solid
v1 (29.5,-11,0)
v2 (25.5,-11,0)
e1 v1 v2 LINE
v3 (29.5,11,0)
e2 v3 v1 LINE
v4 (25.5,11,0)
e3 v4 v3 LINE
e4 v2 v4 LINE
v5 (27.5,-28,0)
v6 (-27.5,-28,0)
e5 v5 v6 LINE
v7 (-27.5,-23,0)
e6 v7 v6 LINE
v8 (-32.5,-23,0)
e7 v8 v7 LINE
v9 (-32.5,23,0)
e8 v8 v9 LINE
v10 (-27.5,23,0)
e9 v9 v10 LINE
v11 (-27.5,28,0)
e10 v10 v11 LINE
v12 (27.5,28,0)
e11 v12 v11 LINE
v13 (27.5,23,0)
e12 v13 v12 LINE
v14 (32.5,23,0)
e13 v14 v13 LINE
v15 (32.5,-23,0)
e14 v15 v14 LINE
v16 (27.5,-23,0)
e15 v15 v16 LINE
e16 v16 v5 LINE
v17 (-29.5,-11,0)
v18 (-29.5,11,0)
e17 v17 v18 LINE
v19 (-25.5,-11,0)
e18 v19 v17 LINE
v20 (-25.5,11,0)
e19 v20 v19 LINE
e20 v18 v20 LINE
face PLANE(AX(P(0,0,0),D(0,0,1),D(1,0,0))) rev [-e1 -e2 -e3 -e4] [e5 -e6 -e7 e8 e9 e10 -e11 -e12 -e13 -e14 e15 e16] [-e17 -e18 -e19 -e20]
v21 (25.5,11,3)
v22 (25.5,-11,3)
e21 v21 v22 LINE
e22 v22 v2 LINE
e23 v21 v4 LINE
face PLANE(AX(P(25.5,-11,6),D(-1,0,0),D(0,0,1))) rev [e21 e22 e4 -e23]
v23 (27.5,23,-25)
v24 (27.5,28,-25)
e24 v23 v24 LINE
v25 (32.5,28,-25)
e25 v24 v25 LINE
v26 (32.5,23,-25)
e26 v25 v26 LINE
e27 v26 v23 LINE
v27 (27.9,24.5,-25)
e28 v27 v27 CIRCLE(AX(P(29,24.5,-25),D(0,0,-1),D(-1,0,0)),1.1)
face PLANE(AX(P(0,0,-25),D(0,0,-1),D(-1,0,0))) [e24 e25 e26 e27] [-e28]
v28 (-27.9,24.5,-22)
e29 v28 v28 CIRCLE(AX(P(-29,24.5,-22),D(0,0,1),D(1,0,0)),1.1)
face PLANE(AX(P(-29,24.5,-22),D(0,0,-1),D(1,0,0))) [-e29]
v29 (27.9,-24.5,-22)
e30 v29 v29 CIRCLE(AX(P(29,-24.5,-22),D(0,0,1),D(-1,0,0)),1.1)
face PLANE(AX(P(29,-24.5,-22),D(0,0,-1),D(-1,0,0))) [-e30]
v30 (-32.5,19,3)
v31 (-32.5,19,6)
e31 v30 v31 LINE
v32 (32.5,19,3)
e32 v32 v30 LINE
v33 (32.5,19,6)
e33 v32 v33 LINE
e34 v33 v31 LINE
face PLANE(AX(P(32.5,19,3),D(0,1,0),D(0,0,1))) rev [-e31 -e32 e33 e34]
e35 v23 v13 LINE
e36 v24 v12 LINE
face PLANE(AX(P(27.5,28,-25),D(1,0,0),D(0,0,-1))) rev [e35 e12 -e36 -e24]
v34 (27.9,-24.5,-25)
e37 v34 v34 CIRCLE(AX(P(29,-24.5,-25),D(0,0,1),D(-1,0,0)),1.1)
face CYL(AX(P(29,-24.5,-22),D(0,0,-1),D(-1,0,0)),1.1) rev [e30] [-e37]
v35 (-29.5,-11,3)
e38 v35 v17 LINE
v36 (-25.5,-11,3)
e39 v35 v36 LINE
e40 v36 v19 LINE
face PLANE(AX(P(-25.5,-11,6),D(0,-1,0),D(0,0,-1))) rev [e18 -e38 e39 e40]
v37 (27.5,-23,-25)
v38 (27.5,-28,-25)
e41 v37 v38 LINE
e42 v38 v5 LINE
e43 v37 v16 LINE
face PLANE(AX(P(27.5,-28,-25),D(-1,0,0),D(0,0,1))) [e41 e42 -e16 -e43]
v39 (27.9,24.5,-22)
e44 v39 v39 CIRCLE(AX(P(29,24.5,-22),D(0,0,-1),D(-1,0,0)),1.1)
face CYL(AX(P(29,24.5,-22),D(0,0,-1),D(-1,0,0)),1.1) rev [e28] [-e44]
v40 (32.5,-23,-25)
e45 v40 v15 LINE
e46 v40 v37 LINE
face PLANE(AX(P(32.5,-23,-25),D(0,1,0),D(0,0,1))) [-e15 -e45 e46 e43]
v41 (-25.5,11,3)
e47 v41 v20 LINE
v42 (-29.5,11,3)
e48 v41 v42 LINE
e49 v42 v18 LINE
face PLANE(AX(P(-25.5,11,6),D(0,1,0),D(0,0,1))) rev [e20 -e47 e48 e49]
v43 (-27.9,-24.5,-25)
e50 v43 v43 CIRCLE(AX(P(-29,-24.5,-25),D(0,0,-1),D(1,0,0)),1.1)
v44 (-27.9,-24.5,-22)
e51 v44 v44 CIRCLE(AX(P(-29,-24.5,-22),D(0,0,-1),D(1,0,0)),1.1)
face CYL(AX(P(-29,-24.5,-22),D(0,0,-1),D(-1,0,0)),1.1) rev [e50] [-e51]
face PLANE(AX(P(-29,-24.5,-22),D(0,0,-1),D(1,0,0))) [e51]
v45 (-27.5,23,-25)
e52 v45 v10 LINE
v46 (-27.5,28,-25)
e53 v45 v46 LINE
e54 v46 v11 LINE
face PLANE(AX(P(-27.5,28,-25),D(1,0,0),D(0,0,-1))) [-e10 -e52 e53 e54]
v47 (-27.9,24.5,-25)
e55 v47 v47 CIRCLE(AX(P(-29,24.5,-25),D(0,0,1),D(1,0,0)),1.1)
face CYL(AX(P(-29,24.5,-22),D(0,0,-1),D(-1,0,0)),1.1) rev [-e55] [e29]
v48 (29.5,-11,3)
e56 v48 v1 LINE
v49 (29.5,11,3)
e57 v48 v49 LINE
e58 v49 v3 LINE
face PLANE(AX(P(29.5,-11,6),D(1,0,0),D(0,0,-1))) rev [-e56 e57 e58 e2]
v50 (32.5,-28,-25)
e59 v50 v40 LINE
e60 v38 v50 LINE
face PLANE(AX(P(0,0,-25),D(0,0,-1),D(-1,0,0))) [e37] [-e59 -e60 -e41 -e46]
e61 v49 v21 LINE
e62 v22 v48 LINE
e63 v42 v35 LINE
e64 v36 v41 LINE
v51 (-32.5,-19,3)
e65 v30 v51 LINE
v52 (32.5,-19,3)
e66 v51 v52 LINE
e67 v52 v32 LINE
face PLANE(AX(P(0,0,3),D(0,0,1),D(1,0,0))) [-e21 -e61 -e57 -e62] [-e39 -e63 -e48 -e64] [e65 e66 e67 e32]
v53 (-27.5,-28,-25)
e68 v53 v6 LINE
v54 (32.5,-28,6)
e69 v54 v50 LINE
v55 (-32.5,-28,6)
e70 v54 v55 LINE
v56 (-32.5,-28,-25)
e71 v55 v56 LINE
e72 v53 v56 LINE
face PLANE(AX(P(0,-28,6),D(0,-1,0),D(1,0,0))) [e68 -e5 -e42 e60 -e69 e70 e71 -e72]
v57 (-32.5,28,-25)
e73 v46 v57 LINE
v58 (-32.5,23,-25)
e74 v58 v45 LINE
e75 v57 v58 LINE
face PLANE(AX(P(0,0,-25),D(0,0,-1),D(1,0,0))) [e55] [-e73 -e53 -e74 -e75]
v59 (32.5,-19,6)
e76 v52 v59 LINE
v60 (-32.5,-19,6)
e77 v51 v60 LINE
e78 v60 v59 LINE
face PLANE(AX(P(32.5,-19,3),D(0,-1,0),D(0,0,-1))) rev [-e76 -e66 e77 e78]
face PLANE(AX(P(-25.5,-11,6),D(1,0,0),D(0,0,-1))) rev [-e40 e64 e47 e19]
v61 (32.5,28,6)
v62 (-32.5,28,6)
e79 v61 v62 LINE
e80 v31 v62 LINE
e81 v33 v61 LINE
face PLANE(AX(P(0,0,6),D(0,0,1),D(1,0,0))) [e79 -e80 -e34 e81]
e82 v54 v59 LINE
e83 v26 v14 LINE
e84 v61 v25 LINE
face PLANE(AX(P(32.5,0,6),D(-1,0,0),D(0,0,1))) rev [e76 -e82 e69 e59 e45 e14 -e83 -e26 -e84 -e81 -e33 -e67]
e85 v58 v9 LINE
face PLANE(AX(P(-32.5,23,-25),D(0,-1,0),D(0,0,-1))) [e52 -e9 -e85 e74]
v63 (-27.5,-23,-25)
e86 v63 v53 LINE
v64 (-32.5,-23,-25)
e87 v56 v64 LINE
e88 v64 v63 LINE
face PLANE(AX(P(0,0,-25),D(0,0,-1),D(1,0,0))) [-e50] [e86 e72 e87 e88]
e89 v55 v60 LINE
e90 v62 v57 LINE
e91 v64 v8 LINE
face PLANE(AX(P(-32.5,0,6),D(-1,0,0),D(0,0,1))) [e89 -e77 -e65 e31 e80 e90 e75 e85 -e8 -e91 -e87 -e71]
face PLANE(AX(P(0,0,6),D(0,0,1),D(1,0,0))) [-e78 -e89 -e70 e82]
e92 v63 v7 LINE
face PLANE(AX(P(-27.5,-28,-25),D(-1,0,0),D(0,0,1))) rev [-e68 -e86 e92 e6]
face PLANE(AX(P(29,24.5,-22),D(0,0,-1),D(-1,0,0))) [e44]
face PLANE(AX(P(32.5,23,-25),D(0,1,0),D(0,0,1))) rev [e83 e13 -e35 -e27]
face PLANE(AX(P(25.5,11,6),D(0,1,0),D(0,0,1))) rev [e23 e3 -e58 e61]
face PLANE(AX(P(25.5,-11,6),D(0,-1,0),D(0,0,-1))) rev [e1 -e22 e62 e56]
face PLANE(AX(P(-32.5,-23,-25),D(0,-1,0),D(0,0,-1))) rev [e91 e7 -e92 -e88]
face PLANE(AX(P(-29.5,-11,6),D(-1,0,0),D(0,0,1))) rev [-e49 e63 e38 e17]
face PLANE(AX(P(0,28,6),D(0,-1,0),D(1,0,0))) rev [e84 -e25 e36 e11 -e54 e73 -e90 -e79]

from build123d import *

# Parameters (mm, degrees)
ESQUISSE1_W                                = 65
ESQUISSE1_H                                = 56
BOSS_EXTRU_1_DEPTH                         = 6
ESQUISSE4_W                                = 65
ESQUISSE4_H                                = 38
ENL_V_MAT_EXTRU_1_DEPTH                    = 3
ESQUISSE5_W                                = 5
ESQUISSE5_H                                = 5
BOSS_EXTRU_2_DEPTH                         = 25
ESQUISSE6_R                                = 1.1
ENL_V_MAT_EXTRU_2_DEPTH                    = 3
ESQUISSE7_W                                = 4
ESQUISSE7_H                                = 22
ENL_V_MAT_EXTRU_3_DEPTH                    = 50.651283971
SYM_TRIE1_AT_THE_SECOND_PLANE_COPY_1_SKE_W = 5
SYM_TRIE1_AT_THE_SECOND_PLANE_COPY_1_SKE_H = 5
SYM_TRIE1_AT_THE_SECOND_PLANE_COPY_1_DEPTH = 25
SYM_TRIE1_AT_THE_SECOND_PLANE_COPY_2_SKE_R = 1.1
SYM_TRIE1_AT_THE_SECOND_PLANE_COPY_2_DEPTH = 3


with BuildPart() as part:
    # Esquisse1 → Boss.-Extru.1 (new body)
    with BuildSketch(Plane.XY):
        Rectangle(ESQUISSE1_W, ESQUISSE1_H)
    extrude(amount=BOSS_EXTRU_1_DEPTH)

    # Esquisse4 → Enlèv. mat.-Extru.1 (cut)
    with BuildSketch(Plane.XY.offset(6)):
        Rectangle(ESQUISSE4_W, ESQUISSE4_H)
    extrude(amount=-ENL_V_MAT_EXTRU_1_DEPTH, mode=Mode.SUBTRACT)

    # Esquisse5 → Boss.-Extru.2 (add)
    with BuildSketch(Plane(origin=(0, 0, 0), x_dir=(-1, 0, 0), z_dir=(0, 0, -1))):
        with Locations((-30, 25.5)):
            Rectangle(ESQUISSE5_W, ESQUISSE5_H)
    boss_extru_2 = extrude(amount=BOSS_EXTRU_2_DEPTH)

    # Esquisse6 → Enlèv. mat.-Extru.2 (cut)
    with BuildSketch(Plane(origin=(0, 0, -25), x_dir=(-1, 0, 0), z_dir=(0, 0, -1))):
        with Locations((-29, 24.5)):
            Circle(ESQUISSE6_R)
    enl_v_mat_extru_2 = extrude(amount=-ENL_V_MAT_EXTRU_2_DEPTH, mode=Mode.SUBTRACT)

    # Esquisse7 → Enlèv. mat.-Extru.3 (cut, through all)
    with BuildSketch(Plane(origin=(0, 0, 0), x_dir=(-1, 0, 0), z_dir=(0, 0, -1))):
        with Locations((-27.5, 0)):
            Rectangle(ESQUISSE7_W, ESQUISSE7_H)
        with Locations((27.5, 0)):
            Rectangle(ESQUISSE7_W, ESQUISSE7_H)
    extrude(amount=-ENL_V_MAT_EXTRU_3_DEPTH, mode=Mode.SUBTRACT)

    # Symétrie1: Boss.-Extru.2, Enlèv. mat.-Extru.2 across plane
    add(boss_extru_2.mirror(Plane.ZX))
    add(enl_v_mat_extru_2.mirror(Plane.ZX), mode=Mode.SUBTRACT)

    # Symétrie1 at the second plane: Boss.-Extru.2, Enlèv. mat.-Extru.2 across plane
    add(boss_extru_2.mirror(Plane(origin=(0, 0, 0), x_dir=(0, 0, 1), z_dir=(1, 0, 0))))
    add(enl_v_mat_extru_2.mirror(Plane(origin=(0, 0, 0), x_dir=(0, 0, 1), z_dir=(1, 0, 0))), mode=Mode.SUBTRACT)

    # Symétrie1 at the second plane copy 1 ske → Symétrie1 at the second plane copy 1 (add)
    with BuildSketch(Plane(origin=(0, 0, 0), x_dir=(1, 0, 0), z_dir=(0, 0, -1))):
        with Locations((-30, 25.5)):
            Rectangle(SYM_TRIE1_AT_THE_SECOND_PLANE_COPY_1_SKE_W, SYM_TRIE1_AT_THE_SECOND_PLANE_COPY_1_SKE_H)
    extrude(amount=SYM_TRIE1_AT_THE_SECOND_PLANE_COPY_1_DEPTH)

    # Symétrie1 at the second plane copy 2 ske → Symétrie1 at the second plane copy 2 (cut)
    with BuildSketch(Plane(origin=(0, 0, -25), x_dir=(1, 0, 0), z_dir=(0, 0, -1))):
        with Locations((-29, 24.5)):
            Circle(SYM_TRIE1_AT_THE_SECOND_PLANE_COPY_2_SKE_R)
    extrude(amount=-SYM_TRIE1_AT_THE_SECOND_PLANE_COPY_2_DEPTH, mode=Mode.SUBTRACT)


solid = part.part
